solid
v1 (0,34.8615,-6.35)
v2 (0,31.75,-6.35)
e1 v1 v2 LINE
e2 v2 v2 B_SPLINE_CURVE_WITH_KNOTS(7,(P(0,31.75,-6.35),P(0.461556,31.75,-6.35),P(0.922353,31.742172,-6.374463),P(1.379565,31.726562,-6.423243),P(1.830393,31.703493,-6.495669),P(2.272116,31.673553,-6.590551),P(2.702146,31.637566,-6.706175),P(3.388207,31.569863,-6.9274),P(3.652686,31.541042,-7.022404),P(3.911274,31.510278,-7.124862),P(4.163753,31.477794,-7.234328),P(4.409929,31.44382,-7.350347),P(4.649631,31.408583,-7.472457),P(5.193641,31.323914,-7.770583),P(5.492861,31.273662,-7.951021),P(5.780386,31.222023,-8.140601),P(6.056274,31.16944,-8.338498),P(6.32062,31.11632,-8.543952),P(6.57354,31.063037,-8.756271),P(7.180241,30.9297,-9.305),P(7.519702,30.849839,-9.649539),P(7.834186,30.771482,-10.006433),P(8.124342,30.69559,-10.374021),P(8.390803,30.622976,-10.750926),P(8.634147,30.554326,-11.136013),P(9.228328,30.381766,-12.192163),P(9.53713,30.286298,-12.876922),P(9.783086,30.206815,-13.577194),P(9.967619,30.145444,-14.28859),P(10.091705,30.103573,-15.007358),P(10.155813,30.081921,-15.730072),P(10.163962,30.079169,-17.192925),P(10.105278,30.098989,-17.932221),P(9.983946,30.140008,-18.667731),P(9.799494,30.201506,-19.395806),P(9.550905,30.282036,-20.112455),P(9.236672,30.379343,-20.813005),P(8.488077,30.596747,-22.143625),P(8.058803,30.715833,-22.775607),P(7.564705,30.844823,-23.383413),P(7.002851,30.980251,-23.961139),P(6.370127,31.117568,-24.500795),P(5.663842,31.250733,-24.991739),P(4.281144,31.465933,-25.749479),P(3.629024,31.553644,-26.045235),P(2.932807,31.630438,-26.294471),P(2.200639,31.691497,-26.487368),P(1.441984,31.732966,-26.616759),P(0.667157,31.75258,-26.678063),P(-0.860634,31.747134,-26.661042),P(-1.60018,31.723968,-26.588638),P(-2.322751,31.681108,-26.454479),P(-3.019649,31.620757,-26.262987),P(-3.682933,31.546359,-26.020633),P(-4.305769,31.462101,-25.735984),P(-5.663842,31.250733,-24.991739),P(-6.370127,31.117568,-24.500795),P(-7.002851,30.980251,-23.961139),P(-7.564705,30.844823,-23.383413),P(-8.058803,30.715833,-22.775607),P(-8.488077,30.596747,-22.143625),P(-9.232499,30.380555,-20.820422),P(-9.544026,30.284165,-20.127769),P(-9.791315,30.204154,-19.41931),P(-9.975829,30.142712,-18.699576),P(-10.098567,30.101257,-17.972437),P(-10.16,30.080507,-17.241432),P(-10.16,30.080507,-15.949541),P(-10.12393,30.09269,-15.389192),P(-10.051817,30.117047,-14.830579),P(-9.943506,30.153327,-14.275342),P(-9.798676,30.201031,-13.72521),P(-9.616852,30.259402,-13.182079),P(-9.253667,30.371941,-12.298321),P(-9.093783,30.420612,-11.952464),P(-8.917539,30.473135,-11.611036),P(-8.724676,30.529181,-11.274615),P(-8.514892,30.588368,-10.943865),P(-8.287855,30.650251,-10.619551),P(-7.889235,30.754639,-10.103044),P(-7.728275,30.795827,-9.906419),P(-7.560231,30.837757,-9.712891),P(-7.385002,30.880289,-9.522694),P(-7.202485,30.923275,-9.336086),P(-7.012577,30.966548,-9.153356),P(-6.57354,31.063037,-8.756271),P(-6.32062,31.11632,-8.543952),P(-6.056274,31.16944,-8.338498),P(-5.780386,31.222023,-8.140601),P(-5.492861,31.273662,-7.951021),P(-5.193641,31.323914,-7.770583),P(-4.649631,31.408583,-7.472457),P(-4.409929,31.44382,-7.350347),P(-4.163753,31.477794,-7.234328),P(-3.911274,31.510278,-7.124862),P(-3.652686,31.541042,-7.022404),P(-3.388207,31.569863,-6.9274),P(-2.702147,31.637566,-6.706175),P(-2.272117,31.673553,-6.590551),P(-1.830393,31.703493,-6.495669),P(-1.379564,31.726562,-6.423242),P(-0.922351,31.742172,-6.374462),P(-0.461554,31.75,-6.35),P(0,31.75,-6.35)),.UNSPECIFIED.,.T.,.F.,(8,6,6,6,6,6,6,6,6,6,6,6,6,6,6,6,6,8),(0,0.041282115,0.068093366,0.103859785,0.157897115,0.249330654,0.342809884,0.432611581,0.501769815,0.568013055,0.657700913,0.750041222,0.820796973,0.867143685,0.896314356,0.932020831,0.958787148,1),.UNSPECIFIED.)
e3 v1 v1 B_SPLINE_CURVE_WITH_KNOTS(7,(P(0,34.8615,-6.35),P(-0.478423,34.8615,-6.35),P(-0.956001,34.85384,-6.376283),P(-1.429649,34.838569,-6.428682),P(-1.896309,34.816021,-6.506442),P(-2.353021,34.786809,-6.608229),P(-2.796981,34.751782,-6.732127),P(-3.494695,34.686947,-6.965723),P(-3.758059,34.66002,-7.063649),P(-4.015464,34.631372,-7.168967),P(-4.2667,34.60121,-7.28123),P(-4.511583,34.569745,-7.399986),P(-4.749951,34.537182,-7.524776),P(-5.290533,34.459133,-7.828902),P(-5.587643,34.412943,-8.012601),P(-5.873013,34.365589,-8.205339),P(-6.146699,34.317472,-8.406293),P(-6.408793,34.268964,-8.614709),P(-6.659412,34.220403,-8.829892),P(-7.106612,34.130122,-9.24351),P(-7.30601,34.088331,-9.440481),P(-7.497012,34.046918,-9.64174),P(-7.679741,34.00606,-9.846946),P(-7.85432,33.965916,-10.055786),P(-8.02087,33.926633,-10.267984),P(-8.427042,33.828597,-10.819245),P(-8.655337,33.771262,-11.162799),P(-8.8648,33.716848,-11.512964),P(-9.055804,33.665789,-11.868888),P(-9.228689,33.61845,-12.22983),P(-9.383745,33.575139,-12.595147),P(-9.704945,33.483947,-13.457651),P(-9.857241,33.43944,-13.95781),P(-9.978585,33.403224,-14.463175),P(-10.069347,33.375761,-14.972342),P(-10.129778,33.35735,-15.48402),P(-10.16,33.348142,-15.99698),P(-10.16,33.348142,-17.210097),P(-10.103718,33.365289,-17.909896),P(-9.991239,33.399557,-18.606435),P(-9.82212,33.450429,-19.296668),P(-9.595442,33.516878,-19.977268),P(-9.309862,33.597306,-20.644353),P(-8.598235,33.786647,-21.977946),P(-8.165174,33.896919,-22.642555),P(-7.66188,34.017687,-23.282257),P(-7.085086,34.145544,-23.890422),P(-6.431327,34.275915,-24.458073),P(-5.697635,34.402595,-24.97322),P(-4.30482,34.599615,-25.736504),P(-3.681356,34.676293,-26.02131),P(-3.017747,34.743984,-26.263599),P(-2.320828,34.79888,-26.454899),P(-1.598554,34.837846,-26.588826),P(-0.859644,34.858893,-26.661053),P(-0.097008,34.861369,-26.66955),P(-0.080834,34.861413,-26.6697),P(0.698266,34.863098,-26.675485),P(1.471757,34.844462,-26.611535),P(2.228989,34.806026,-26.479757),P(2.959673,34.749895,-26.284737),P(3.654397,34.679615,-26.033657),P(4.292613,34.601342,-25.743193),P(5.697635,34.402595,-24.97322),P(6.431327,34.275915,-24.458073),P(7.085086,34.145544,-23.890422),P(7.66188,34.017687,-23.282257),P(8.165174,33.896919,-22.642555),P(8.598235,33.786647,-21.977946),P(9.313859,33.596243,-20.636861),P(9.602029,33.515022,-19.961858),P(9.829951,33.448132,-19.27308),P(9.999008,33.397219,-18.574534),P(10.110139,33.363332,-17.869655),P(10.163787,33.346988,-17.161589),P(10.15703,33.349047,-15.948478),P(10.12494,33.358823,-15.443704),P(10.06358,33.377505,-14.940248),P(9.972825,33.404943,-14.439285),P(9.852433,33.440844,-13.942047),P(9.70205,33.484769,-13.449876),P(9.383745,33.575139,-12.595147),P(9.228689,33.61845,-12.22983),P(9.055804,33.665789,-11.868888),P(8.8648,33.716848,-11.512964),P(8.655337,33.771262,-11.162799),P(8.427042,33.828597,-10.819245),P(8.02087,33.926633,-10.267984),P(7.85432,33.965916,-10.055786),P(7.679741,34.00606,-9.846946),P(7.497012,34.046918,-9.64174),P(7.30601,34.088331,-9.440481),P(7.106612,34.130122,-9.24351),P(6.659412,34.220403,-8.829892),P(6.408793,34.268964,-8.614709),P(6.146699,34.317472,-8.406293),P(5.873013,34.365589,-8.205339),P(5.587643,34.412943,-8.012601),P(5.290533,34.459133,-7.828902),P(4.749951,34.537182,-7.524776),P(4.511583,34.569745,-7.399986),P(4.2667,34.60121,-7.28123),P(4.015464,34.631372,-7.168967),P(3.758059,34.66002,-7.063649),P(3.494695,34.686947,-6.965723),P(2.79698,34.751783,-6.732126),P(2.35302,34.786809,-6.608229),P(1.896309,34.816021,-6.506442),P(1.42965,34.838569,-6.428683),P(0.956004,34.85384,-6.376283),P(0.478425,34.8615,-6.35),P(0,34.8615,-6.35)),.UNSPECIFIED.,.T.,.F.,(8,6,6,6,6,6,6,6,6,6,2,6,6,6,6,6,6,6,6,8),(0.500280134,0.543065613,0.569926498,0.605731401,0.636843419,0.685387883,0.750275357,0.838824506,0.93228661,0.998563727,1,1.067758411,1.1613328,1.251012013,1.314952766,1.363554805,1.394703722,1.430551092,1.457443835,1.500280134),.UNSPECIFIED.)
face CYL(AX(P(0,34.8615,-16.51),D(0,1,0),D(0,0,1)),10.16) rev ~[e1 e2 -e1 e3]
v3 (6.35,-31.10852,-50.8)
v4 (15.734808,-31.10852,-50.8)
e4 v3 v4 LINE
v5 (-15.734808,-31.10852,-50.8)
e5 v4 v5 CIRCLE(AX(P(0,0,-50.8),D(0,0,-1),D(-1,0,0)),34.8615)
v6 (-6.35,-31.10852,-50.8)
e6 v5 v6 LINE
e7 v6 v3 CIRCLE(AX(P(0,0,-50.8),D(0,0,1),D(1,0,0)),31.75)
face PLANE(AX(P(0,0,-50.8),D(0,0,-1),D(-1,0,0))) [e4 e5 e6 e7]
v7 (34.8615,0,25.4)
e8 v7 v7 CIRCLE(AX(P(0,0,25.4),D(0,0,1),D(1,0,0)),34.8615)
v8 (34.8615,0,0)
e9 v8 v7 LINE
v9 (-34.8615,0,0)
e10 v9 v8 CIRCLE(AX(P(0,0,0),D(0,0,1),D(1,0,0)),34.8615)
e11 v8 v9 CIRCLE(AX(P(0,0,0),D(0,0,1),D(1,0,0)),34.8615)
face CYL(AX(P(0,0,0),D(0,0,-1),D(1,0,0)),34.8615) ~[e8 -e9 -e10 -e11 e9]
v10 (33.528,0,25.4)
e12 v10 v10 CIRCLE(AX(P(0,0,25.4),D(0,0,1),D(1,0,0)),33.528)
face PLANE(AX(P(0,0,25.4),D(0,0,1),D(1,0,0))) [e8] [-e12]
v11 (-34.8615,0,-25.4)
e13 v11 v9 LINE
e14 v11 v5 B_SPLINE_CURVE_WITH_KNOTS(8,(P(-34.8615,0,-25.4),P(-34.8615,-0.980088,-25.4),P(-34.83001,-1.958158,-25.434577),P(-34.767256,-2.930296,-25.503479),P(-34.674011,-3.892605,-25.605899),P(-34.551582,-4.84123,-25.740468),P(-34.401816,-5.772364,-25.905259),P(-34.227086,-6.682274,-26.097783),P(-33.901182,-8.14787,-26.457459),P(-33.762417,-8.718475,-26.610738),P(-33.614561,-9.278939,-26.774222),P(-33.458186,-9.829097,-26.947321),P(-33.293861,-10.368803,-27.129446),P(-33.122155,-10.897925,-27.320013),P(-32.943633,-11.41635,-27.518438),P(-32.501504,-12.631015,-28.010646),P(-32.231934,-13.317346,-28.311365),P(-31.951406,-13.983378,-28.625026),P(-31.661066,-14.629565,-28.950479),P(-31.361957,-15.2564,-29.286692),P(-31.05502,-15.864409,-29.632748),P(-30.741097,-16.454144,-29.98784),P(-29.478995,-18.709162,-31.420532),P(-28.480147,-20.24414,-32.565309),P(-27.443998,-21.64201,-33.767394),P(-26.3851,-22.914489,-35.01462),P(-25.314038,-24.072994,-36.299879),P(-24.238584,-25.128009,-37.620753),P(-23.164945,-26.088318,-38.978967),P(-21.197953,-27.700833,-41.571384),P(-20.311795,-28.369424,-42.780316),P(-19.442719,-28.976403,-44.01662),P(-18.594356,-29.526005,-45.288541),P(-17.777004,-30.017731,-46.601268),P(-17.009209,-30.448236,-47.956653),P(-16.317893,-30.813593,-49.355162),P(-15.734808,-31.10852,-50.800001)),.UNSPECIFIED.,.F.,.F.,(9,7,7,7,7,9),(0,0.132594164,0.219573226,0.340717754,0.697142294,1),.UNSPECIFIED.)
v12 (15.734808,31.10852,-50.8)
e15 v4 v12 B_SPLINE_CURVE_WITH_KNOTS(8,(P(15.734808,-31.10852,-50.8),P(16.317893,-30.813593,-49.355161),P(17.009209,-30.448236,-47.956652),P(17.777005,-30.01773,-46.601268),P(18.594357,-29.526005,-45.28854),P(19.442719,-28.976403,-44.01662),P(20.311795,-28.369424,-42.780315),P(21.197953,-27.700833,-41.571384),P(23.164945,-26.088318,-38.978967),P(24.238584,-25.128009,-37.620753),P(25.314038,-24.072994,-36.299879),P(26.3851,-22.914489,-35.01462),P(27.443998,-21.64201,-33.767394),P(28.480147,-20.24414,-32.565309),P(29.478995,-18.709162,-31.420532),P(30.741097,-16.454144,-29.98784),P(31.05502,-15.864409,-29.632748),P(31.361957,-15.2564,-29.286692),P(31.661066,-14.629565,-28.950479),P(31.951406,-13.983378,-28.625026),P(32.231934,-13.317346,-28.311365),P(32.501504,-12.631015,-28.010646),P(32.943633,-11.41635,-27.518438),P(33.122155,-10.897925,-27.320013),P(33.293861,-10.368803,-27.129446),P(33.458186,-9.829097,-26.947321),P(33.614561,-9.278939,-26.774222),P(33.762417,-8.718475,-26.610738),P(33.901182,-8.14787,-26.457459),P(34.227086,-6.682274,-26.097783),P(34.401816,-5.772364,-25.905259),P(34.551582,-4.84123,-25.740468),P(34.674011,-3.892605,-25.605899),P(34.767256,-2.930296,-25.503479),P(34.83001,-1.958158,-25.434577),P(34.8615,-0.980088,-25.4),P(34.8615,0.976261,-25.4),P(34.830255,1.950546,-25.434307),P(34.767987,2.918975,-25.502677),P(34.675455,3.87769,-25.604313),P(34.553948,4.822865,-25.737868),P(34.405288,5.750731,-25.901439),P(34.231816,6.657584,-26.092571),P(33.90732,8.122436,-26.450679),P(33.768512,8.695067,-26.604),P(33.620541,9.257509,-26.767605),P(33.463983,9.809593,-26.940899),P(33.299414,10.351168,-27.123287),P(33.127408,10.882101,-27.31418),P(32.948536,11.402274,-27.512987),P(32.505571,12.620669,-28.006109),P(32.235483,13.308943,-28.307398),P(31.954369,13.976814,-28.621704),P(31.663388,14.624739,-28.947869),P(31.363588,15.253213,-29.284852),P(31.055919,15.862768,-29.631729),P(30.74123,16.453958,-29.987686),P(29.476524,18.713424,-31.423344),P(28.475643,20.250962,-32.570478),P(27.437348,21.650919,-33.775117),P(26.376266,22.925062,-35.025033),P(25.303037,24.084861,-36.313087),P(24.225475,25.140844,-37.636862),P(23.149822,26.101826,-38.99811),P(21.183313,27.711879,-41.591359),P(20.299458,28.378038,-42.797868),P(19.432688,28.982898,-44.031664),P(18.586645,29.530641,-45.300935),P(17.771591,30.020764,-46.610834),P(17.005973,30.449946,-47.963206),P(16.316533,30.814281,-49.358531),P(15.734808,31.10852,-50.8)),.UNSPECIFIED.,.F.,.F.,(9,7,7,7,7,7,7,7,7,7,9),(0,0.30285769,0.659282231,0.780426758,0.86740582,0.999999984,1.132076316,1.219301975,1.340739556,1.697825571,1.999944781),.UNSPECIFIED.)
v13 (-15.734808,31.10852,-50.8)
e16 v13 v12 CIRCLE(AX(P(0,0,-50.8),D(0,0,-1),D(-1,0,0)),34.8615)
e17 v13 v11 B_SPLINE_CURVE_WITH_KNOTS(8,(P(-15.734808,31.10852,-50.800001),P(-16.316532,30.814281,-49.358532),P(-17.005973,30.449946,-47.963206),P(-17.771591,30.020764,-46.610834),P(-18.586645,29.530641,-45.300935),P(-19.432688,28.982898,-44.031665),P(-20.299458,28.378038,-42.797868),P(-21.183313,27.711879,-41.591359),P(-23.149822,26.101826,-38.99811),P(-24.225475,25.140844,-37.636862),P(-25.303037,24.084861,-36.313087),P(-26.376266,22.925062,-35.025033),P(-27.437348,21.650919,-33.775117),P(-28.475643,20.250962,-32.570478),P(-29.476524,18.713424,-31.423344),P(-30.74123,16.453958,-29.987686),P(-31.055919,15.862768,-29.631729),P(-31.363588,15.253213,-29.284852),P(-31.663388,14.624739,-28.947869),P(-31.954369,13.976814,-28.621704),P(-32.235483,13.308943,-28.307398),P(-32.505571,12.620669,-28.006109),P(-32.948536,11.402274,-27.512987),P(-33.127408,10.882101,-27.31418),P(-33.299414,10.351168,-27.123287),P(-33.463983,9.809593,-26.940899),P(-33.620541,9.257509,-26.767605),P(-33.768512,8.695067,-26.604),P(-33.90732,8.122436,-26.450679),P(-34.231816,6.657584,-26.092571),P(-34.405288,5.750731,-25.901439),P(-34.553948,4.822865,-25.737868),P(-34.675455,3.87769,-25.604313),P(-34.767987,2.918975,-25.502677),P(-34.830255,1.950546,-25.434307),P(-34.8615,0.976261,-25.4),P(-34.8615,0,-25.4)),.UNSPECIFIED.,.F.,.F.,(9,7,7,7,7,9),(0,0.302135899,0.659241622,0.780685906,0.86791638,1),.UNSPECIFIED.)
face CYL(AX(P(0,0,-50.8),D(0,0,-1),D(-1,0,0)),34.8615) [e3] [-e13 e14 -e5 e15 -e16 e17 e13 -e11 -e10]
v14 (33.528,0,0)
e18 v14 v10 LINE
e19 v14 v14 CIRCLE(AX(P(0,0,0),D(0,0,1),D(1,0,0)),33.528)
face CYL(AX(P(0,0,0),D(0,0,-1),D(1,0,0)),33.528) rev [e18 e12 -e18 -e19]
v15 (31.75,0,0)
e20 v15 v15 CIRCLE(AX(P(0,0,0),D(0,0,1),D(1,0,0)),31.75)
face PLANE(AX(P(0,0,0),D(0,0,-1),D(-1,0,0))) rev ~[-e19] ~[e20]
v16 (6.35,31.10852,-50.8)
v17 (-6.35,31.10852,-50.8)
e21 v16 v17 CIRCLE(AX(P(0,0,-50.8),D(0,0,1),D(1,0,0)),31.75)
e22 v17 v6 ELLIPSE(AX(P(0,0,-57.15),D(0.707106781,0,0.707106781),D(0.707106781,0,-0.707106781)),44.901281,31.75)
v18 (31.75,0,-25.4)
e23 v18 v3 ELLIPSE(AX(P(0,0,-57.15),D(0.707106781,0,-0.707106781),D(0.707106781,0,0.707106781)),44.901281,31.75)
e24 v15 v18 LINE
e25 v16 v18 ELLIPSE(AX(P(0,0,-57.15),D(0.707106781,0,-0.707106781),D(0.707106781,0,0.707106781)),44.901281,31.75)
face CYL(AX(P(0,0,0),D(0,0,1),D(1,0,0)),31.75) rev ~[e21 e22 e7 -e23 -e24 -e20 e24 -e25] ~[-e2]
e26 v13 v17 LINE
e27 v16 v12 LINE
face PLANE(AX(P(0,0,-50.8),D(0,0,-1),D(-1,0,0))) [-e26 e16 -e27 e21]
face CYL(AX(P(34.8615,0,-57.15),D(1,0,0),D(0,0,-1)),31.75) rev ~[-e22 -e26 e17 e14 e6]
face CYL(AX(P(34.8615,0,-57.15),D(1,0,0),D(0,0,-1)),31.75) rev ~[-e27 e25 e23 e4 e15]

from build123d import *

# Parameters (mm, degrees)
SKETCH2_R               = 34.8615
SKETCH2_R_2             = 33.528
BOSS_EXTRUDE1_DEPTH     = 25.4
BOSS_EXTRUDE2_START     = 50.8
SKETCH3_R               = 34.8615
BOSS_EXTRUDE2_DEPTH     = 50.8
SKETCH4_R               = 31.75
CUT_EXTRUDE2_DEPTH      = 94.044402901
SKETCH6_R               = 31.75
CUT_EXTRUDE4_DEPTH      = 50.8
CUT_EXTRUDE5_REACH      = 95.044
CUT_EXTRUDE5_END_RADIUS = 31.75
SKETCH7_R               = 10.16


with BuildPart() as part:
    # Sketch2 → Boss-Extrude1 (new body)
    with BuildSketch(Plane.XY):
        Circle(SKETCH2_R)
        Circle(SKETCH2_R_2, mode=Mode.SUBTRACT)
    extrude(amount=BOSS_EXTRUDE1_DEPTH)

    # Sketch3 → Boss-Extrude2 (add)
    with BuildSketch(Plane(origin=(0, 0, 0), x_dir=(-1, 0, 0), z_dir=(0, 0, -1)).offset(BOSS_EXTRUDE2_START)):
        Circle(SKETCH3_R)
    extrude(amount=-BOSS_EXTRUDE2_DEPTH)

    # Sketch4 → Cut-Extrude2 (cut, through all)
    with BuildSketch(Plane(origin=(34.8615, 0, 0), x_dir=(0, 0, -1), z_dir=(1, 0, 0))):
        with Locations((57.15, 0)):
            Circle(SKETCH4_R)
    extrude(amount=-CUT_EXTRUDE2_DEPTH, mode=Mode.SUBTRACT)

    # Sketch6 → Cut-Extrude4 (cut)
    with BuildSketch(Plane.XY):
        Circle(SKETCH6_R)
    extrude(amount=-CUT_EXTRUDE4_DEPTH, mode=Mode.SUBTRACT)

    # Cut-Extrude5: up to this cylinder (the profile starts outside it)
    cut_extrude5_end = Plane(origin=(0, 0, -16.51), z_dir=(0, 0, 1)) * Cylinder(CUT_EXTRUDE5_END_RADIUS, 254.588, mode=Mode.PRIVATE)
    # Sketch7 → Cut-Extrude5 (cut, up to the surface)
    with BuildSketch(Plane(origin=(0, 34.8615, 0), x_dir=(-1, 0, 0), z_dir=(0, 1, 0)), mode=Mode.PRIVATE) as cut_extrude5_sk1:
        with Locations(Location((0, -16.51, 0), (0, 0, 90))):
            Circle(SKETCH7_R)
    cut_extrude5_tool1 = extrude(cut_extrude5_sk1.sketch, amount=-CUT_EXTRUDE5_REACH, mode=Mode.PRIVATE) - cut_extrude5_end
    add(cut_extrude5_tool1.solids().sort_by_distance((0, 34.8615, -16.51))[0], mode=Mode.SUBTRACT)


solid = part.part
